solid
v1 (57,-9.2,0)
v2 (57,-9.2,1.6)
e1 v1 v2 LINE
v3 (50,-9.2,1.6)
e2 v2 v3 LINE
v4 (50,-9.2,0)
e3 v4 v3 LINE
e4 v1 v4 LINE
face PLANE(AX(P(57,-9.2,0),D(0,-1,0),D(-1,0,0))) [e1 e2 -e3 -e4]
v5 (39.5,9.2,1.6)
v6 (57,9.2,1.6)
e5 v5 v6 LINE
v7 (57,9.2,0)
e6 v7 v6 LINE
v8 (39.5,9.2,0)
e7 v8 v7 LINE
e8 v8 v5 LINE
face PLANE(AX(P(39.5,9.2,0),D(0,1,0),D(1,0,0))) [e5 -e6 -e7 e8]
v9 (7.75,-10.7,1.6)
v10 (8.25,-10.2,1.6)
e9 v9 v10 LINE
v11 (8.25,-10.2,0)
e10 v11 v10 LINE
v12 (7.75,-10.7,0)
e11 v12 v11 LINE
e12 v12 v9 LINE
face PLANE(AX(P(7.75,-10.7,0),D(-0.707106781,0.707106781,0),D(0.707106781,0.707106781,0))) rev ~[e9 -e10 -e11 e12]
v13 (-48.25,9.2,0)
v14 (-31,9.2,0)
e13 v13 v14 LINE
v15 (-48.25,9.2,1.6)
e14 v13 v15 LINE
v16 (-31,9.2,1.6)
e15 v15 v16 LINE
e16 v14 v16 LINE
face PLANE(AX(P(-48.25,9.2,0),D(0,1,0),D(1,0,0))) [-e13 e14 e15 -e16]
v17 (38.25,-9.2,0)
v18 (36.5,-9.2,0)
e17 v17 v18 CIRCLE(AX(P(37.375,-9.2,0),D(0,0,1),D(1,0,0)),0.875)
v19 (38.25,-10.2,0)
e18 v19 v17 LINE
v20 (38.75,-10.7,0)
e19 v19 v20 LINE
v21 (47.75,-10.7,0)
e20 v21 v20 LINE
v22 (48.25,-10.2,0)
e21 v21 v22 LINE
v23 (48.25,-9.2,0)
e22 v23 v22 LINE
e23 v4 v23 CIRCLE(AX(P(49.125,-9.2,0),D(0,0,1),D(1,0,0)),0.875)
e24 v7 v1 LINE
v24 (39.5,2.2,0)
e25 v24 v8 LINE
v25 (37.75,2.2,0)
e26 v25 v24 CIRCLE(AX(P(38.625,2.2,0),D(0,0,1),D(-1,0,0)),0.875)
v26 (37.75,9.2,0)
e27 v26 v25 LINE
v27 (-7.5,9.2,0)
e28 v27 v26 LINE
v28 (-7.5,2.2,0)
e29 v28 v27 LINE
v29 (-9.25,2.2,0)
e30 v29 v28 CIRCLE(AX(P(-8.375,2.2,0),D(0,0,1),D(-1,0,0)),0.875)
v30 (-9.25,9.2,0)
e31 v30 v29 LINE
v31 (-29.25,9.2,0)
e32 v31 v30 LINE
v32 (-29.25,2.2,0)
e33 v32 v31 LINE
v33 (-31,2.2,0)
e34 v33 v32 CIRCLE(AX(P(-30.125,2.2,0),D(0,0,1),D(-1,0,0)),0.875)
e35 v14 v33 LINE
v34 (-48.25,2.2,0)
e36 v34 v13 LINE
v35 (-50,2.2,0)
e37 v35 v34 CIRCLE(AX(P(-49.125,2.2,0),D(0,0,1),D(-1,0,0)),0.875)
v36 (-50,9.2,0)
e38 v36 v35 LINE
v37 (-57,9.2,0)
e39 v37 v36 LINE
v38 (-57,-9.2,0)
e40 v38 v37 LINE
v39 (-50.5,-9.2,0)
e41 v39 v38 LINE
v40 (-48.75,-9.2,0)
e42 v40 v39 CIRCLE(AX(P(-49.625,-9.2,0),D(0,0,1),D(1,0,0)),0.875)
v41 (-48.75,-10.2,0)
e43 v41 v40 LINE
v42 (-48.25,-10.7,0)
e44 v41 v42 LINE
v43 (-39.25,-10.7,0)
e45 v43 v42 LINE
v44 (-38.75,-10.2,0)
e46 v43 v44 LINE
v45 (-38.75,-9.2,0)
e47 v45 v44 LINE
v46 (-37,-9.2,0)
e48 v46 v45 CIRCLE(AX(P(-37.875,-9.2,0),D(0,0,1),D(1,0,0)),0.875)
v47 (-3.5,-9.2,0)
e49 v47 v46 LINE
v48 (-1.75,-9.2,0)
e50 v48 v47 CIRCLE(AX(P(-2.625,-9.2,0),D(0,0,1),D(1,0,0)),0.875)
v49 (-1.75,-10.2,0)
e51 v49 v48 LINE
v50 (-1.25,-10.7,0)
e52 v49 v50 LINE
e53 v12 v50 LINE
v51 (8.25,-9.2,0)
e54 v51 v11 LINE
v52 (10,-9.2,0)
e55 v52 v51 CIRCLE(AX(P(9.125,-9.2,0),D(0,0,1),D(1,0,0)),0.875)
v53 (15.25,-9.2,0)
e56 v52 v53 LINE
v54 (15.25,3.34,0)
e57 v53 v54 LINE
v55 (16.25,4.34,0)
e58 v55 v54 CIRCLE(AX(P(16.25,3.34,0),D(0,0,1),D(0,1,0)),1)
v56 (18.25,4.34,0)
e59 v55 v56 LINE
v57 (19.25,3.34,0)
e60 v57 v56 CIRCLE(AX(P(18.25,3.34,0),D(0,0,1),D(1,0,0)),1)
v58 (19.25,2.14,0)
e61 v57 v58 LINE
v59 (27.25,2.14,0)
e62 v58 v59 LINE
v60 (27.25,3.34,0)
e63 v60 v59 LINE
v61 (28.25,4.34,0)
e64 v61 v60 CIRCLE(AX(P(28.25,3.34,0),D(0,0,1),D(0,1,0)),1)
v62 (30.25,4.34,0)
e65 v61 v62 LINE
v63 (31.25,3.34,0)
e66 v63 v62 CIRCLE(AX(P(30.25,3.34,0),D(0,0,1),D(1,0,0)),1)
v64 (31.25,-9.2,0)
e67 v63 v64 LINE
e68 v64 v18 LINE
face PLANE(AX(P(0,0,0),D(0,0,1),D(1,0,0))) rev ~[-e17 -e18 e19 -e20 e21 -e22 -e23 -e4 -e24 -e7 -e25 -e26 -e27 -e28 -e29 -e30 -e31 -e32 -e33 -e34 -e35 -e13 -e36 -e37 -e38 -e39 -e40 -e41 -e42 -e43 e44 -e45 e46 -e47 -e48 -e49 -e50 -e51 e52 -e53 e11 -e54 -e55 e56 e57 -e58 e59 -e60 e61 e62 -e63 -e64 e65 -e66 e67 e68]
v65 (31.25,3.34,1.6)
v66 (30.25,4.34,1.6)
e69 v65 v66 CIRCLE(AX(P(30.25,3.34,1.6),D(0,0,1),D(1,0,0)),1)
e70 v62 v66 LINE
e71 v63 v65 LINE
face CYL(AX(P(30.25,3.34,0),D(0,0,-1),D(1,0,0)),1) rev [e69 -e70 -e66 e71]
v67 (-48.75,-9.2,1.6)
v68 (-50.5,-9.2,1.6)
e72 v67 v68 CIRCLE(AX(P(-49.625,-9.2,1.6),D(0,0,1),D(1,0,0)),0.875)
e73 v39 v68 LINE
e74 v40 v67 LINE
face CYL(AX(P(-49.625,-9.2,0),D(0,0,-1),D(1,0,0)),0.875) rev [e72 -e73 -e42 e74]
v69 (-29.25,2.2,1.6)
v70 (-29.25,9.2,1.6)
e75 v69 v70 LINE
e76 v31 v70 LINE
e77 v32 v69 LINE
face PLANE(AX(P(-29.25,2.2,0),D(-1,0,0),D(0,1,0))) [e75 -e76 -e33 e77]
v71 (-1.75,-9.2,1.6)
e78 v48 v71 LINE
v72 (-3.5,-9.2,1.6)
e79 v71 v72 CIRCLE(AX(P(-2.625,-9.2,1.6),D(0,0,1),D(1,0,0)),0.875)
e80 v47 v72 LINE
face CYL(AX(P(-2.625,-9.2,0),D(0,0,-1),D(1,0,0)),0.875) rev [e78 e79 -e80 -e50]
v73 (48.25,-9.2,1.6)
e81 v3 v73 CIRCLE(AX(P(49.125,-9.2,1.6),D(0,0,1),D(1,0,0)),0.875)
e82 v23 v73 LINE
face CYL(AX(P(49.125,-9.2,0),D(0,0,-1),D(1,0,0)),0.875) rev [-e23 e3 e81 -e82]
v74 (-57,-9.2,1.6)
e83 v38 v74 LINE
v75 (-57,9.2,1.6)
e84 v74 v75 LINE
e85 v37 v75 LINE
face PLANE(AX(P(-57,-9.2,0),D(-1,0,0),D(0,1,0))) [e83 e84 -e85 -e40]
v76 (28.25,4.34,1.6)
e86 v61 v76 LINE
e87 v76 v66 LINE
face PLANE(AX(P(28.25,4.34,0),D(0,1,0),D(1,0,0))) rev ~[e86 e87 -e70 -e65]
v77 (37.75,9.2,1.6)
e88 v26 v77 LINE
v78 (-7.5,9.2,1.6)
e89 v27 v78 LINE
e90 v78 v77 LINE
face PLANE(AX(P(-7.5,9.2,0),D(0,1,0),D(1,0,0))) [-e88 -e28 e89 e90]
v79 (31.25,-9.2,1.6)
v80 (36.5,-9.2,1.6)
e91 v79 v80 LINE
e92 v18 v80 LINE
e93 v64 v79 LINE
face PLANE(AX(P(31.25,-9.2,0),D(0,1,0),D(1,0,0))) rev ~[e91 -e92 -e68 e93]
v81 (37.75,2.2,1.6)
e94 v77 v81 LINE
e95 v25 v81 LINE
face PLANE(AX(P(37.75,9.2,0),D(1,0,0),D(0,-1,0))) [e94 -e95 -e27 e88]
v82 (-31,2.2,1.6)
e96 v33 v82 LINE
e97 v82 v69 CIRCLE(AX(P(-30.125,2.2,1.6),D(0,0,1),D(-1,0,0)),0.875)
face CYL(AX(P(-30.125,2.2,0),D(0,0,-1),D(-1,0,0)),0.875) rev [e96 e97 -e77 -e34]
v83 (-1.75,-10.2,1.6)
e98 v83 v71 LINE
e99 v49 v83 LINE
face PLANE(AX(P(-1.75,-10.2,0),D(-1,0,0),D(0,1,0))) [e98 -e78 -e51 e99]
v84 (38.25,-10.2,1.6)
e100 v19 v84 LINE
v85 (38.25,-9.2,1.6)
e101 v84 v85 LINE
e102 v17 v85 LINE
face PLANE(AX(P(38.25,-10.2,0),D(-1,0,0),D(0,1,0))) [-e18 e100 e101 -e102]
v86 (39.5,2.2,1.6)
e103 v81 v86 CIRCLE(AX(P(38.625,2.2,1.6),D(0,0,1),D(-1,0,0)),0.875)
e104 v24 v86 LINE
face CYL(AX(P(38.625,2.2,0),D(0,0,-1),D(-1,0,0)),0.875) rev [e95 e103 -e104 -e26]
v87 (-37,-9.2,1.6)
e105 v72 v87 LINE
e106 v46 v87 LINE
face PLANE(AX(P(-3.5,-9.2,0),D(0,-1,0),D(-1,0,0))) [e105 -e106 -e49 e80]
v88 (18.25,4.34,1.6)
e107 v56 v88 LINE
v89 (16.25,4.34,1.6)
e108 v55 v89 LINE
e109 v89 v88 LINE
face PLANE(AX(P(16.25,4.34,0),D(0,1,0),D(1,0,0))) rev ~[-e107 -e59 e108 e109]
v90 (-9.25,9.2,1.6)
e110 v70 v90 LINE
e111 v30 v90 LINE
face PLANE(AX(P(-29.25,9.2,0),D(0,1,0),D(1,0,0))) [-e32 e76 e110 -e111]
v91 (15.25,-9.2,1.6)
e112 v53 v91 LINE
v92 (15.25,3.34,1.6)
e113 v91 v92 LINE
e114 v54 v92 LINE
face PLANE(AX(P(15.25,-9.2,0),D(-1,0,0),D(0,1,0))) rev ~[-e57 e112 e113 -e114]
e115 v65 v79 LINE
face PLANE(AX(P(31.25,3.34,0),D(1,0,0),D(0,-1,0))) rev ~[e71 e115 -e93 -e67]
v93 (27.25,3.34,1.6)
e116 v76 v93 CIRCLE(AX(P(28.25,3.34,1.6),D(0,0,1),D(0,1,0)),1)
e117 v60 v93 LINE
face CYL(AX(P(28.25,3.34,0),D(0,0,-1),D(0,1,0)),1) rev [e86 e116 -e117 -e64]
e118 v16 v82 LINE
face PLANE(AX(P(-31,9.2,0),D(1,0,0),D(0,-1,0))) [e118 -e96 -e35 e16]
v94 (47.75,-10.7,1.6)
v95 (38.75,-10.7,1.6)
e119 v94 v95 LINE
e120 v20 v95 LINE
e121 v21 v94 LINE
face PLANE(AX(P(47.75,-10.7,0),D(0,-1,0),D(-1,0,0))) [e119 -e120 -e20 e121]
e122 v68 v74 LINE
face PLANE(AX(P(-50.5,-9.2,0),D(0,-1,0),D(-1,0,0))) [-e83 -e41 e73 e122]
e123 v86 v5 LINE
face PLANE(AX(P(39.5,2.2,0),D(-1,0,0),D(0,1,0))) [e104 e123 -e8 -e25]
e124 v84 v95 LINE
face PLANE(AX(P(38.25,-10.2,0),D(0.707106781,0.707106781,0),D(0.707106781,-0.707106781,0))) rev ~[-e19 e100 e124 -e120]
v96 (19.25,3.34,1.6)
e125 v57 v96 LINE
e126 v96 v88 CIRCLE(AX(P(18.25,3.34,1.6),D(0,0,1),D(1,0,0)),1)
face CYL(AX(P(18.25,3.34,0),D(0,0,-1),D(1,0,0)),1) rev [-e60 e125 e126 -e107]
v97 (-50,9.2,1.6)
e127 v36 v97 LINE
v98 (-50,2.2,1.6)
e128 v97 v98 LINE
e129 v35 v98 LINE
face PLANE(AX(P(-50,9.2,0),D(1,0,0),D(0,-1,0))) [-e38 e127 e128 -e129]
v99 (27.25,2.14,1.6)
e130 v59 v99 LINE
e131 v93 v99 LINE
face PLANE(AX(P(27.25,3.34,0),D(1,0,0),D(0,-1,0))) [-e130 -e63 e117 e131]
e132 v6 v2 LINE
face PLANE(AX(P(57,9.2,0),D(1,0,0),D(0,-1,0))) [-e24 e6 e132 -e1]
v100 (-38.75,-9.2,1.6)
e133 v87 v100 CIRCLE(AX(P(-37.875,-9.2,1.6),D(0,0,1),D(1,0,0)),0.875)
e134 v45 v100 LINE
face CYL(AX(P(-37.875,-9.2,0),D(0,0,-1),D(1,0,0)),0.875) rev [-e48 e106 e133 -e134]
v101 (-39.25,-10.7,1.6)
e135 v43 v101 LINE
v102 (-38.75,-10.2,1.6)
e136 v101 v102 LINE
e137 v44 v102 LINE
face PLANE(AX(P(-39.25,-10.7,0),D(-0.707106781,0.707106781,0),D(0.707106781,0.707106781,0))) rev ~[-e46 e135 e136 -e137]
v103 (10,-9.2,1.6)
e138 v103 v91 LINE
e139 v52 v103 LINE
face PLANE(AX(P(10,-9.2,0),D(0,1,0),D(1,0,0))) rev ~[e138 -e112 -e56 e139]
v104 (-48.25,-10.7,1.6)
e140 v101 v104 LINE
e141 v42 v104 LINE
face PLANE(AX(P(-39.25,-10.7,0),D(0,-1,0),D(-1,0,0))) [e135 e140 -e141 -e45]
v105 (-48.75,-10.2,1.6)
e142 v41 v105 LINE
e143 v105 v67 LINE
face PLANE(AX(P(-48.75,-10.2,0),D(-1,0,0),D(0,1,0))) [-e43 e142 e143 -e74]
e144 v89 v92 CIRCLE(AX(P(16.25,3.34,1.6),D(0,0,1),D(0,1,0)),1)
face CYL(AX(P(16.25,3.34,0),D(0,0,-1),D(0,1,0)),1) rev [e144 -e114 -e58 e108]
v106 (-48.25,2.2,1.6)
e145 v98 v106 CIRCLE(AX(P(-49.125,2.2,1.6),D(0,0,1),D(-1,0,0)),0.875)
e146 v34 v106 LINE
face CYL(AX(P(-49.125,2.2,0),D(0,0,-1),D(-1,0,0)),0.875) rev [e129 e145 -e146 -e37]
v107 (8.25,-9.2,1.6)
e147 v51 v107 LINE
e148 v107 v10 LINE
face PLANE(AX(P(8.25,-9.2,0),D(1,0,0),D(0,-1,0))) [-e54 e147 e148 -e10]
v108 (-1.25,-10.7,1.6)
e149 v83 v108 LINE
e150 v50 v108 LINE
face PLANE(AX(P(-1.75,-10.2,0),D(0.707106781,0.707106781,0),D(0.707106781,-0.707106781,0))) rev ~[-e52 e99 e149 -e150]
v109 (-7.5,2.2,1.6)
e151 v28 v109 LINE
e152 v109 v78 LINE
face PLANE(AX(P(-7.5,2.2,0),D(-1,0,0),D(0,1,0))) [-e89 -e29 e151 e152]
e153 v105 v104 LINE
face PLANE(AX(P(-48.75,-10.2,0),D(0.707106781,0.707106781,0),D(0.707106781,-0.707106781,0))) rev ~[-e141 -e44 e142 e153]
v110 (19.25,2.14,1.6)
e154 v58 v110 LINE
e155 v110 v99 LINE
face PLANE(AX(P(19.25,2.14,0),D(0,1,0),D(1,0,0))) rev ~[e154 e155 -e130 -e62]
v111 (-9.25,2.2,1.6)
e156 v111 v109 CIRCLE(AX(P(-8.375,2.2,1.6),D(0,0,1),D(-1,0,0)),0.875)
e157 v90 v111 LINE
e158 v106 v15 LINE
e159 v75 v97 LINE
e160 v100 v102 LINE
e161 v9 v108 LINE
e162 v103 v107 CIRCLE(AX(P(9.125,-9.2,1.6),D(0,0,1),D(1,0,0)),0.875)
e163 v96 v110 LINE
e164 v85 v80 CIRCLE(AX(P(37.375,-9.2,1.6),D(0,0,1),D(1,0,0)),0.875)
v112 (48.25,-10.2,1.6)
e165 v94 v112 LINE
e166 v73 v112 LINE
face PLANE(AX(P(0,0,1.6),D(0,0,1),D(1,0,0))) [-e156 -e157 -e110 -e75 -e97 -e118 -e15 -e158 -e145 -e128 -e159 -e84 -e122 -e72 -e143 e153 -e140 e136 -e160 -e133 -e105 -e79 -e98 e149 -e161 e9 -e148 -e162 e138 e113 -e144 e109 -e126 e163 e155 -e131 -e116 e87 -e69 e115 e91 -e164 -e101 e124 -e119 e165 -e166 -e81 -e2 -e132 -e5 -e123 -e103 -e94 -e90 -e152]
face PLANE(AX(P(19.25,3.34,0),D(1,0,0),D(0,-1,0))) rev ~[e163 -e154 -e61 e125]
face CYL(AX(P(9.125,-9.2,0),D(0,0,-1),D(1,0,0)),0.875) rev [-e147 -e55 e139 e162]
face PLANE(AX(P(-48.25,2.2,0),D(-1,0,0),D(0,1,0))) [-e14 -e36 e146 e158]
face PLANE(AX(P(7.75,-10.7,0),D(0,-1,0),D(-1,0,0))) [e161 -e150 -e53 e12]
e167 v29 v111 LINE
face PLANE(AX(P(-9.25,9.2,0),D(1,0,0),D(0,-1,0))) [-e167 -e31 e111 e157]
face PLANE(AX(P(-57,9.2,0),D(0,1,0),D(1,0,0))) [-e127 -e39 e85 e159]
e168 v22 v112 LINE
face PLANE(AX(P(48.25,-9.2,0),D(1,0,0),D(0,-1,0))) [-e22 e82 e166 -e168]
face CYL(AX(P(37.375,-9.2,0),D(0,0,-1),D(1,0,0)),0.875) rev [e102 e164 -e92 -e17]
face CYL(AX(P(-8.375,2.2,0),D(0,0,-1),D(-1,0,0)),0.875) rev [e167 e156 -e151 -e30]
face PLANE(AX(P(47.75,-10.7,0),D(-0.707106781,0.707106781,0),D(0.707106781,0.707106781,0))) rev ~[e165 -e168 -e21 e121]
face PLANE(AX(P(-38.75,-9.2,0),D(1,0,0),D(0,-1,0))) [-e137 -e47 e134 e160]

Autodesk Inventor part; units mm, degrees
ref_plane "YZ Plane" through (0, 0, 0) normal (1, 0, 0) x (0, 1, 0)
ref_plane "XZ Plane" through (0, 0, 0) normal (0, 1, 0) x (-1, 0, 0)
ref_plane "XY Plane" through (0, 0, 0) normal (0, 0, 1) x (1, 0, 0)
sketch "Sketch1" plane through (0, 0, 0) normal (0, 0, 1) x (1, 0, 0)
  line L0 (-57, -9.2) -> (-57, 9.2)
  line L1 (-57, 9.2) -> (-50, 9.2)
  line L2 (-50, 9.2) -> (-50, 2.2)
  line L3 (-48.25, 2.2) -> (-48.25, 9.2)
  line L4 (-48.25, 9.2) -> (-31, 9.2)
  line L5 (-31, 9.2) -> (-31, 2.2)
  line L6 (-29.25, 2.2) -> (-29.25, 9.2)
  line L7 (-29.25, 9.2) -> (-9.25, 9.2)
  line L8 (-9.25, 9.2) -> (-9.25, 2.2)
  line L9 (-7.5, 2.2) -> (-7.5, 9.2)
  line L10 (-7.5, 9.2) -> (37.75, 9.2)
  line L11 (37.75, 9.2) -> (37.75, 2.2)
  line L12 (39.5, 2.2) -> (39.5, 9.2)
  line L13 (39.5, 9.2) -> (57, 9.2)
  line L14 (57, 9.2) -> (57, -9.2)
  line L15 (57, -9.2) -> (50, -9.2)
  line L16 (48.25, -9.2) -> (48.25, -10.2)
  line L17 (47.75, -10.7) -> (38.75, -10.7)
  line L18 (38.25, -10.2) -> (38.25, -9.2)
  line L19 (8.25, -9.2) -> (8.25, -10.2)
  line L20 (7.75, -10.7) -> (-1.25, -10.7)
  line L21 (-1.75, -10.2) -> (-1.75, -9.2)
  line L22 (-3.5, -9.2) -> (-37, -9.2)
  line L23 (-38.75, -9.2) -> (-38.75, -10.2)
  line L24 (-39.25, -10.7) -> (-48.25, -10.7)
  line L25 (-48.75, -10.2) -> (-48.75, -9.2)
  line L26 (-50.5, -9.2) -> (-57, -9.2)
  arc A0 (-50, 2.2) -> (-48.25, 2.2) centre (-49.125, 2.2) ccw
  arc A1 (-31, 2.2) -> (-29.25, 2.2) centre (-30.125, 2.2) ccw
  arc A2 (-9.25, 2.2) -> (-7.5, 2.2) centre (-8.375, 2.2) ccw
  arc A3 (37.75, 2.2) -> (39.5, 2.2) centre (38.625, 2.2) ccw
  arc A4 (50, -9.2) -> (48.25, -9.2) centre (49.125, -9.2) ccw
  arc A5 (38.25, -9.2) -> (36.5, -9.2) centre (37.375, -9.2) ccw
  arc A6 (10, -9.2) -> (8.25, -9.2) centre (9.125, -9.2) ccw
  arc A7 (-1.75, -9.2) -> (-3.5, -9.2) centre (-2.625, -9.2) ccw
  arc A8 (-37, -9.2) -> (-38.75, -9.2) centre (-37.875, -9.2) ccw
  arc A9 (-48.75, -9.2) -> (-50.5, -9.2) centre (-49.625, -9.2) ccw
  line L27 (0, 7.1627) -> (0, -7.1627) construction
  line L28 (-57.5, 4.3673) -> (-57.5, -4.382) construction
  line L29 (57.5, 7.0555) -> (57.5, -5.2201) construction
  line L30 (-48.75, -10.2) -> (-48.25, -10.7)
  line L31 (-39.25, -10.7) -> (-38.75, -10.2)
  line L32 (-1.75, -10.2) -> (-1.25, -10.7)
  line L33 (7.75, -10.7) -> (8.25, -10.2)
  line L34 (38.25, -10.2) -> (38.75, -10.7)
  line L35 (47.75, -10.7) -> (48.25, -10.2)
  line L36 (15.75, 2.14) -> (30.75, 2.14) construction
  line L37 (30.75, 2.14) -> (30.75, -9.2) construction
  line L38 (15.75, -9.2) -> (15.75, 2.14) construction
  line L39 (15.25, -9.2) -> (15.25, 3.34)
  line L40 (31.25, 3.34) -> (31.25, -9.2)
  line L41 (16.75, 2.14) -> (16.75, 4.34) construction
  line L42 (16.75, 4.34) -> (17.75, 4.34) construction
  line L43 (17.75, 4.34) -> (17.75, 2.14) construction
  line L44 (28.75, 2.14) -> (28.75, 4.34) construction
  line L45 (28.75, 4.34) -> (29.75, 4.34) construction
  line L46 (29.75, 4.34) -> (29.75, 2.14) construction
  line L47 (19.25, 2.14) -> (27.25, 2.14)
  line L48 (23.25, -1.4722) -> (23.25, -5.1824) construction
  line L49 (17.25, 3.637) -> (17.25, 2.3773) construction
  arc A10 (28.25, 4.34) -> (27.25, 3.34) centre (28.25, 3.34) ccw
  arc A11 (31.25, 3.34) -> (30.25, 4.34) centre (30.25, 3.34) ccw
  line L50 (19.25, 3.34) -> (19.25, 2.14)
  line L51 (27.25, 3.34) -> (27.25, 2.14)
  line L52 (10, -9.2) -> (15.25, -9.2)
  line L53 (31.25, -9.2) -> (36.5, -9.2)
  line L54 (15.75, -9.2) -> (30.75, -9.2) construction
  arc A12 (16.25, 4.34) -> (15.25, 3.34) centre (16.25, 3.34) ccw
  arc A13 (19.25, 3.34) -> (18.25, 4.34) centre (18.25, 3.34) ccw
  line L55 (16.25, 4.34) -> (18.25, 4.34)
  line L56 (29.25, 3.708) -> (29.25, 2.5772) construction
  line L57 (28.25, 4.34) -> (30.25, 4.34)
  point P0 (0, 0)
  point P1 (0, 0)
  point P2 (57, 0)
  dimension "d2" = 1.75
  dimension "d3" = 7
  dimension "d7" = 1.5
  dimension "d11" = 37
  dimension "d12" = 30
  dimension "d15" = 115
  dimension "d16" = 0.5
  dimension "d17" = 0.5
  dimension "d18" = 8.75
  dimension "d19" = 9.25
  dimension "d22" = 20
  dimension "d23" = 47
  dimension "d24" = 18.4
  dimension "d25" = 135
  dimension "d26" = 0.5
  dimension "d27" = 10
  dimension "d28" = 10
  dimension "d29" = 10
  dimension "d31" = 7
  dimension "d32" = 15
  dimension "d34" = 19
  dimension "d36" = 16
  dimension "d38" = 11.34
  dimension "d39" = 1
  dimension "d40" = 12
  dimension "d41" = 2.2
extrude "Extrusion1" add sketch "Sketch1" along normal blind 1.6
properties part number "AK-C-C39-Separator"
